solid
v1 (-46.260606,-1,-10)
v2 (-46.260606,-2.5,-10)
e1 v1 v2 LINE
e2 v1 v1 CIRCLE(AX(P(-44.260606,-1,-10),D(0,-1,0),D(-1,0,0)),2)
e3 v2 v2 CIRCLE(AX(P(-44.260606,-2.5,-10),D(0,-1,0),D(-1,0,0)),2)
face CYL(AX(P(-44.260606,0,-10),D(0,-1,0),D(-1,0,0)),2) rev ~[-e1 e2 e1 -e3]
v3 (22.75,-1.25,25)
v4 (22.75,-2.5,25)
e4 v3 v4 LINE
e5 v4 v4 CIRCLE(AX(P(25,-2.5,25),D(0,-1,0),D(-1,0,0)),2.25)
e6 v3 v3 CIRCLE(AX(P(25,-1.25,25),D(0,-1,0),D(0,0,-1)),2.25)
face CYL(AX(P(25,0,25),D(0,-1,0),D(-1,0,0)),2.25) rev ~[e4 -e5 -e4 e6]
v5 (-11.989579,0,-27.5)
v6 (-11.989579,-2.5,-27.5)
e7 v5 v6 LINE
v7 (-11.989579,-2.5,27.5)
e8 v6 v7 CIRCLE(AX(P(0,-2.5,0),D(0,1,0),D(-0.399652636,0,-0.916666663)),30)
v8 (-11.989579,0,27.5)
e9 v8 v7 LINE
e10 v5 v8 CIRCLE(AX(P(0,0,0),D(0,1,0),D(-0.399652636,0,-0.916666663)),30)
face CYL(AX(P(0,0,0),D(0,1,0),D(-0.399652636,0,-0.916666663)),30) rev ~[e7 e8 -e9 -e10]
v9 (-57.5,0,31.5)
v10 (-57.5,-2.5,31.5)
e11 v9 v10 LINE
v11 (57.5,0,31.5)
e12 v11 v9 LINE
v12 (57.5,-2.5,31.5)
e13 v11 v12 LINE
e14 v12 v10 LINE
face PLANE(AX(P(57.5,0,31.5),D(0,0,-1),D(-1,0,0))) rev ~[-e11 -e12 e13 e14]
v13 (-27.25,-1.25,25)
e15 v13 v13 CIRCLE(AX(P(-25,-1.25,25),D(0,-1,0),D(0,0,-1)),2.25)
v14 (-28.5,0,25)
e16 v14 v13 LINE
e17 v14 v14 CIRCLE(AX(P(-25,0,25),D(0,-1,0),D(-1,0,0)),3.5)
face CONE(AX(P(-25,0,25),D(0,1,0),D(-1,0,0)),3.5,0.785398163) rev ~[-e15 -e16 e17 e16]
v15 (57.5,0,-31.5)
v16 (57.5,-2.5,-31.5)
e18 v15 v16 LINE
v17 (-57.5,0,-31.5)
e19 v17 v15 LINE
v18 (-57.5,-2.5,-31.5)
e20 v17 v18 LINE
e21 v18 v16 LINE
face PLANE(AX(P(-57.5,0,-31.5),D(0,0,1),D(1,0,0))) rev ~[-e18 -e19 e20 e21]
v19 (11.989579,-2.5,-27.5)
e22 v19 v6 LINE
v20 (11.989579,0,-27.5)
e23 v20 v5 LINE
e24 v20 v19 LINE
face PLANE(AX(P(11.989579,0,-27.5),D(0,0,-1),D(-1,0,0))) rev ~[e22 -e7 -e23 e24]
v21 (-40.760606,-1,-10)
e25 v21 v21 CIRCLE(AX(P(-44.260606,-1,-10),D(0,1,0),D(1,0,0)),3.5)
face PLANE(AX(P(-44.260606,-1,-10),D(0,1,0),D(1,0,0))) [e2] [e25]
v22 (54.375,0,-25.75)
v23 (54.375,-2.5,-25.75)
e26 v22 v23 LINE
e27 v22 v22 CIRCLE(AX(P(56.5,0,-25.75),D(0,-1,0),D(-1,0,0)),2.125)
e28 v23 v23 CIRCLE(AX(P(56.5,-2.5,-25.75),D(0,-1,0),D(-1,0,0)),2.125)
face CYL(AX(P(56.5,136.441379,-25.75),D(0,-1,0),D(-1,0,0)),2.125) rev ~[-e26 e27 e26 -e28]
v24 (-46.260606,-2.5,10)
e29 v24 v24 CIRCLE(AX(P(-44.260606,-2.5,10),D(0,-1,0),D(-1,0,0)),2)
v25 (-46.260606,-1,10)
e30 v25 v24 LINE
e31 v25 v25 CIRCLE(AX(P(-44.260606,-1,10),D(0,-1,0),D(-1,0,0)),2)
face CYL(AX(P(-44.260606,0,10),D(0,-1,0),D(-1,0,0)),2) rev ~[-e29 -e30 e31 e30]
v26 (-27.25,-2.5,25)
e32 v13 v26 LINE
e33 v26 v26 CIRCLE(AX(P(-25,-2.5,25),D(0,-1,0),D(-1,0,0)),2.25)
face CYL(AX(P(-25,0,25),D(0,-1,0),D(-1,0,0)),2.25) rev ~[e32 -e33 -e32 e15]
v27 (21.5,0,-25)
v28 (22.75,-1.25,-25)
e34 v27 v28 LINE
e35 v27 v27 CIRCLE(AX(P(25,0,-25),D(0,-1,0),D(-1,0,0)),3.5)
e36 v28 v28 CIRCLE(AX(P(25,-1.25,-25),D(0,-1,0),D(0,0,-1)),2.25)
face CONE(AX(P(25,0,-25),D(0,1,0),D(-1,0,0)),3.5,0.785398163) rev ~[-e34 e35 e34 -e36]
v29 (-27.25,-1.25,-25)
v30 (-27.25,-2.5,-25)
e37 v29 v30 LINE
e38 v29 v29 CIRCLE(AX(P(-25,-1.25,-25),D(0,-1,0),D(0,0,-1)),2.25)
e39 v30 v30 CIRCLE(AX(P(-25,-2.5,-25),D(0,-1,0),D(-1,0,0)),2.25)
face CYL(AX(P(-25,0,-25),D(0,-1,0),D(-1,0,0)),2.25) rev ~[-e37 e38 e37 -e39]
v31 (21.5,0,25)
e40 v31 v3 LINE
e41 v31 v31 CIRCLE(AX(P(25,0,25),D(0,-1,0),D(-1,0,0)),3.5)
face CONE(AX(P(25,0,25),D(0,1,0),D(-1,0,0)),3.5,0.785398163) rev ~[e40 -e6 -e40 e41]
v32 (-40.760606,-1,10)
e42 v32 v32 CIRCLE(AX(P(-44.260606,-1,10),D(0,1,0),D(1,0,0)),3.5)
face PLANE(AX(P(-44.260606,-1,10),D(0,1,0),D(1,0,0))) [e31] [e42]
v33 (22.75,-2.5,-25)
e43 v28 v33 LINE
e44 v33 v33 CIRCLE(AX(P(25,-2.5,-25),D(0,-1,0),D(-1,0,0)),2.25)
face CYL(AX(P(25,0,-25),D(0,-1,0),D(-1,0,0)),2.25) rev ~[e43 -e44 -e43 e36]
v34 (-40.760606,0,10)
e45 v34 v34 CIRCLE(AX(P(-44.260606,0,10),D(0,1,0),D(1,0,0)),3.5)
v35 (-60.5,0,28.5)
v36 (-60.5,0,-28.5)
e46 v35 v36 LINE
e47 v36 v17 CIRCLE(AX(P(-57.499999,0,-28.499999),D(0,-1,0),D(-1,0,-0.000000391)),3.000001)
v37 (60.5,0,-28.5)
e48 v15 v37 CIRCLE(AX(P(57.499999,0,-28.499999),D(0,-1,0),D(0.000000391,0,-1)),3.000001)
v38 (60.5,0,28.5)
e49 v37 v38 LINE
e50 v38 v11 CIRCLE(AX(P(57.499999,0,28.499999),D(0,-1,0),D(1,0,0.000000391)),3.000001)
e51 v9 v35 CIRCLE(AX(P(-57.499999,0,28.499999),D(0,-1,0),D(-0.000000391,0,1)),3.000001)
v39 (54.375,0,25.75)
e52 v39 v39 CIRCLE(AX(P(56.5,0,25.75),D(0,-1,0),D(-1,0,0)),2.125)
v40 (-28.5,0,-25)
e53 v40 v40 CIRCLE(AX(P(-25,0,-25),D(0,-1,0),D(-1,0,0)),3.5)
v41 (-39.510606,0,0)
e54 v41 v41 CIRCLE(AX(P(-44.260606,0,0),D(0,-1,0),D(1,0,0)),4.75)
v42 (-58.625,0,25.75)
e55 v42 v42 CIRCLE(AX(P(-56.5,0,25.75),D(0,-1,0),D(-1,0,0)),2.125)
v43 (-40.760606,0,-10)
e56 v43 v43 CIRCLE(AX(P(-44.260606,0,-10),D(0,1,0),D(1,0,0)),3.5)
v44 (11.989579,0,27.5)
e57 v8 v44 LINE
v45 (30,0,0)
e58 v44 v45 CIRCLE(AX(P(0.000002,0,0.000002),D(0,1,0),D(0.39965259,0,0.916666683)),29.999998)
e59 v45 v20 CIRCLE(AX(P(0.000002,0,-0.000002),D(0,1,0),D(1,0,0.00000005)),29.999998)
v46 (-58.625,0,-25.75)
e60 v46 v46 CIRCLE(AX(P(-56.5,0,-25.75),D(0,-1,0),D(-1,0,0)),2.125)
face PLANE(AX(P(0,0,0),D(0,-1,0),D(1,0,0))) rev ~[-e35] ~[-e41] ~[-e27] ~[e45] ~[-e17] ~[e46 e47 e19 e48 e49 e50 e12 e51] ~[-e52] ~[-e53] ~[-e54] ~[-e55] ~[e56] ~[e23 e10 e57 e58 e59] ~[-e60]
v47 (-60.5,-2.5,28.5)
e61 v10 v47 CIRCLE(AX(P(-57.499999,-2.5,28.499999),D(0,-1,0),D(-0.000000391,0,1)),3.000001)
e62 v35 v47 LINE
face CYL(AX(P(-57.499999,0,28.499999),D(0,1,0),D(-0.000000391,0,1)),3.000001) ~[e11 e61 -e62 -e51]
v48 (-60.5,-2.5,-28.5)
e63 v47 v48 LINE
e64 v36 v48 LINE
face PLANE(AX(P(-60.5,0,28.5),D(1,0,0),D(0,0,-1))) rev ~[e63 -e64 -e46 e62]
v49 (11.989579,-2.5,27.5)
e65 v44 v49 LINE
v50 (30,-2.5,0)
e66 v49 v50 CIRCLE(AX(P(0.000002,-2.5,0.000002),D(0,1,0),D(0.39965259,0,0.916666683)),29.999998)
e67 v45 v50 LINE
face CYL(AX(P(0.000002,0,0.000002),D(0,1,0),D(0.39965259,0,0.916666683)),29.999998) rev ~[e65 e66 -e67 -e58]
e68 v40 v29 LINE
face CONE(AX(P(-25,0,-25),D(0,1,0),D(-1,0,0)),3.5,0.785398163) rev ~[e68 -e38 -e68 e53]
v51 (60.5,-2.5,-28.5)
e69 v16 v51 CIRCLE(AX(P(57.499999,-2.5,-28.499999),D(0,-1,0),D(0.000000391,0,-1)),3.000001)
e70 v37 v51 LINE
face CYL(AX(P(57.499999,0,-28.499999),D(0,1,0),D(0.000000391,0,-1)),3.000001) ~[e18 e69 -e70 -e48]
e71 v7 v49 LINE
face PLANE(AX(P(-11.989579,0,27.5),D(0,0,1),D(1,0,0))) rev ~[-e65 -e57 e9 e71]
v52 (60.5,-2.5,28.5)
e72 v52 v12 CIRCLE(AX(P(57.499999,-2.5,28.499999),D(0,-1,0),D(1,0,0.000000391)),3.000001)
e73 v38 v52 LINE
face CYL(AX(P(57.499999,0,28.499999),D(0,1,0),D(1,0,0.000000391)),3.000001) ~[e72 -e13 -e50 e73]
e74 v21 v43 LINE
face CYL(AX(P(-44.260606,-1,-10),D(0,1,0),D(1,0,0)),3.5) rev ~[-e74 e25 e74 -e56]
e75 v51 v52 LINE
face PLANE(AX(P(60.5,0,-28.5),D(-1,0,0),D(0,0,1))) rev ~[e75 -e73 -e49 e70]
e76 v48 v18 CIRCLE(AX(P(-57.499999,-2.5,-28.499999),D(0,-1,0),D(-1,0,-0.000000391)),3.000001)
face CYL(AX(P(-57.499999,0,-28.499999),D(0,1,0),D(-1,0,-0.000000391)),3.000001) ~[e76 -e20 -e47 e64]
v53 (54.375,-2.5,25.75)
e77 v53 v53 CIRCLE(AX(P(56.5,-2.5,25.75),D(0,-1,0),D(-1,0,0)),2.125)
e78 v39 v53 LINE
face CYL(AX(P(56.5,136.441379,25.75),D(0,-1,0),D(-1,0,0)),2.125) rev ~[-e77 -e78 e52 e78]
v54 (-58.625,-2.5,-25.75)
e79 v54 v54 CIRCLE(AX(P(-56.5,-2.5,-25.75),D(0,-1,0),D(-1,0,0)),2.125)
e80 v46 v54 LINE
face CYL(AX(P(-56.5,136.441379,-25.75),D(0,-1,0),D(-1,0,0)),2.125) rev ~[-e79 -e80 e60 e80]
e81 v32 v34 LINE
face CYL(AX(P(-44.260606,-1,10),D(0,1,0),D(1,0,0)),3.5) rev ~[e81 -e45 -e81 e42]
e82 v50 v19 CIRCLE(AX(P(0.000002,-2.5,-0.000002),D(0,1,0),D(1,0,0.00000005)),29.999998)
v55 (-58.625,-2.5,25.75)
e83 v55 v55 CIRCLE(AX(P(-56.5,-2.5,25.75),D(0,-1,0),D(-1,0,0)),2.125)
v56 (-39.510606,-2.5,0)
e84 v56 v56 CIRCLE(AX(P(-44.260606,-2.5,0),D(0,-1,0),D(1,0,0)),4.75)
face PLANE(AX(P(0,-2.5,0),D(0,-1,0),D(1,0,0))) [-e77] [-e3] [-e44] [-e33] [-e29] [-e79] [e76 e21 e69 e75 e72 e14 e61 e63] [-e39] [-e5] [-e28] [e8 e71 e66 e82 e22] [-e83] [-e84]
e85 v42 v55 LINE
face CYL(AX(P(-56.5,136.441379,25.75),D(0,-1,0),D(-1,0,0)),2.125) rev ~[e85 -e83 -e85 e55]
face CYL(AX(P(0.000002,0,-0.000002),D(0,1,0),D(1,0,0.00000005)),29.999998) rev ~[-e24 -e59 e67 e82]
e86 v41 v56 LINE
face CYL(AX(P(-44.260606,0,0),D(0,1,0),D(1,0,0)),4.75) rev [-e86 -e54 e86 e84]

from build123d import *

# Parameters (mm, degrees)
F0_R           = 4.75
F1_DEPTH       = 2.5
F2_D           = 4.25
F3_D           = 4.5
F3_CSINK_D     = 7
F3_CSINK_ANGLE = 90
F4_D           = 4
F4_CBORE_D     = 7
F4_CBORE_DEPTH = 1


with BuildPart() as f1:
    # F0 (on Front) → F1 (new body)
    with BuildSketch(Plane.XZ):
        with BuildLine():
            ThreePointArc((60.5, 28.5), (59.62132, 30.62132), (57.5, 31.5))
            Line((57.5, 31.5), (-57.5, 31.5))
            ThreePointArc((-57.5, 31.5), (-59.62132, 30.62132), (-60.5, 28.5))
            Line((-60.5, 28.5), (-60.5, -28.5))
            ThreePointArc((-60.5, -28.5), (-59.62132, -30.62132), (-57.5, -31.5))
            Line((-57.5, -31.5), (57.5, -31.5))
            ThreePointArc((57.5, -31.5), (59.62132, -30.62132), (60.5, -28.5))
            Line((60.5, -28.5), (60.5, 28.5))
        make_face()
        with Locations((-44.260606, 0)):
            Circle(F0_R, mode=Mode.SUBTRACT)
        with BuildLine():
            ThreePointArc((11.989579, 27.5), (25.096687, 16.436433), (30, 0))
            ThreePointArc((30, 0), (25.096687, -16.436433), (11.989579, -27.5))
            ThreePointArc((11.989579, -27.5), (0, -30), (-11.989579, -27.5))
            ThreePointArc((-11.989579, -27.5), (-30, 0), (-11.989579, 27.5))
            ThreePointArc((-11.989579, 27.5), (0, 30), (11.989579, 27.5))
        make_face(mode=Mode.SUBTRACT)
        with BuildLine():
            Line((-11.989579, 27.5), (11.989579, 27.5))
            ThreePointArc((11.989579, 27.5), (0, 30), (-11.989579, 27.5))
        make_face()
        with BuildLine():
            ThreePointArc((-11.989579, -27.5), (0, -30), (11.989579, -27.5))
            Line((11.989579, -27.5), (-11.989579, -27.5))
        make_face()
    extrude(amount=F1_DEPTH)

    # F2 (through all)
    with Locations(Plane(origin=(0, 0, 0), x_dir=(1, 0, 0), z_dir=(0, 1, 0))):
        with Locations((-56.5, 25.75), (56.5, 25.75), (56.5, -25.75), (-56.5, -25.75)):
            Hole(F2_D / 2)

    # F3 (through all)
    with Locations(Plane(origin=(0, 0, 0), x_dir=(1, 0, 0), z_dir=(0, 1, 0))):
        with Locations((-25, 25), (25, 25), (25, -25), (-25, -25)):
            CounterSinkHole(F3_D / 2, F3_CSINK_D / 2, counter_sink_angle=F3_CSINK_ANGLE)

    # F4 (through all)
    with Locations(Plane(origin=(0, 0, 0), x_dir=(1, 0, 0), z_dir=(0, 1, 0))):
        with Locations((-44.260606, 10), (-44.260606, -10)):
            CounterBoreHole(F4_D / 2, F4_CBORE_D / 2, F4_CBORE_DEPTH)


solid = f1.part
